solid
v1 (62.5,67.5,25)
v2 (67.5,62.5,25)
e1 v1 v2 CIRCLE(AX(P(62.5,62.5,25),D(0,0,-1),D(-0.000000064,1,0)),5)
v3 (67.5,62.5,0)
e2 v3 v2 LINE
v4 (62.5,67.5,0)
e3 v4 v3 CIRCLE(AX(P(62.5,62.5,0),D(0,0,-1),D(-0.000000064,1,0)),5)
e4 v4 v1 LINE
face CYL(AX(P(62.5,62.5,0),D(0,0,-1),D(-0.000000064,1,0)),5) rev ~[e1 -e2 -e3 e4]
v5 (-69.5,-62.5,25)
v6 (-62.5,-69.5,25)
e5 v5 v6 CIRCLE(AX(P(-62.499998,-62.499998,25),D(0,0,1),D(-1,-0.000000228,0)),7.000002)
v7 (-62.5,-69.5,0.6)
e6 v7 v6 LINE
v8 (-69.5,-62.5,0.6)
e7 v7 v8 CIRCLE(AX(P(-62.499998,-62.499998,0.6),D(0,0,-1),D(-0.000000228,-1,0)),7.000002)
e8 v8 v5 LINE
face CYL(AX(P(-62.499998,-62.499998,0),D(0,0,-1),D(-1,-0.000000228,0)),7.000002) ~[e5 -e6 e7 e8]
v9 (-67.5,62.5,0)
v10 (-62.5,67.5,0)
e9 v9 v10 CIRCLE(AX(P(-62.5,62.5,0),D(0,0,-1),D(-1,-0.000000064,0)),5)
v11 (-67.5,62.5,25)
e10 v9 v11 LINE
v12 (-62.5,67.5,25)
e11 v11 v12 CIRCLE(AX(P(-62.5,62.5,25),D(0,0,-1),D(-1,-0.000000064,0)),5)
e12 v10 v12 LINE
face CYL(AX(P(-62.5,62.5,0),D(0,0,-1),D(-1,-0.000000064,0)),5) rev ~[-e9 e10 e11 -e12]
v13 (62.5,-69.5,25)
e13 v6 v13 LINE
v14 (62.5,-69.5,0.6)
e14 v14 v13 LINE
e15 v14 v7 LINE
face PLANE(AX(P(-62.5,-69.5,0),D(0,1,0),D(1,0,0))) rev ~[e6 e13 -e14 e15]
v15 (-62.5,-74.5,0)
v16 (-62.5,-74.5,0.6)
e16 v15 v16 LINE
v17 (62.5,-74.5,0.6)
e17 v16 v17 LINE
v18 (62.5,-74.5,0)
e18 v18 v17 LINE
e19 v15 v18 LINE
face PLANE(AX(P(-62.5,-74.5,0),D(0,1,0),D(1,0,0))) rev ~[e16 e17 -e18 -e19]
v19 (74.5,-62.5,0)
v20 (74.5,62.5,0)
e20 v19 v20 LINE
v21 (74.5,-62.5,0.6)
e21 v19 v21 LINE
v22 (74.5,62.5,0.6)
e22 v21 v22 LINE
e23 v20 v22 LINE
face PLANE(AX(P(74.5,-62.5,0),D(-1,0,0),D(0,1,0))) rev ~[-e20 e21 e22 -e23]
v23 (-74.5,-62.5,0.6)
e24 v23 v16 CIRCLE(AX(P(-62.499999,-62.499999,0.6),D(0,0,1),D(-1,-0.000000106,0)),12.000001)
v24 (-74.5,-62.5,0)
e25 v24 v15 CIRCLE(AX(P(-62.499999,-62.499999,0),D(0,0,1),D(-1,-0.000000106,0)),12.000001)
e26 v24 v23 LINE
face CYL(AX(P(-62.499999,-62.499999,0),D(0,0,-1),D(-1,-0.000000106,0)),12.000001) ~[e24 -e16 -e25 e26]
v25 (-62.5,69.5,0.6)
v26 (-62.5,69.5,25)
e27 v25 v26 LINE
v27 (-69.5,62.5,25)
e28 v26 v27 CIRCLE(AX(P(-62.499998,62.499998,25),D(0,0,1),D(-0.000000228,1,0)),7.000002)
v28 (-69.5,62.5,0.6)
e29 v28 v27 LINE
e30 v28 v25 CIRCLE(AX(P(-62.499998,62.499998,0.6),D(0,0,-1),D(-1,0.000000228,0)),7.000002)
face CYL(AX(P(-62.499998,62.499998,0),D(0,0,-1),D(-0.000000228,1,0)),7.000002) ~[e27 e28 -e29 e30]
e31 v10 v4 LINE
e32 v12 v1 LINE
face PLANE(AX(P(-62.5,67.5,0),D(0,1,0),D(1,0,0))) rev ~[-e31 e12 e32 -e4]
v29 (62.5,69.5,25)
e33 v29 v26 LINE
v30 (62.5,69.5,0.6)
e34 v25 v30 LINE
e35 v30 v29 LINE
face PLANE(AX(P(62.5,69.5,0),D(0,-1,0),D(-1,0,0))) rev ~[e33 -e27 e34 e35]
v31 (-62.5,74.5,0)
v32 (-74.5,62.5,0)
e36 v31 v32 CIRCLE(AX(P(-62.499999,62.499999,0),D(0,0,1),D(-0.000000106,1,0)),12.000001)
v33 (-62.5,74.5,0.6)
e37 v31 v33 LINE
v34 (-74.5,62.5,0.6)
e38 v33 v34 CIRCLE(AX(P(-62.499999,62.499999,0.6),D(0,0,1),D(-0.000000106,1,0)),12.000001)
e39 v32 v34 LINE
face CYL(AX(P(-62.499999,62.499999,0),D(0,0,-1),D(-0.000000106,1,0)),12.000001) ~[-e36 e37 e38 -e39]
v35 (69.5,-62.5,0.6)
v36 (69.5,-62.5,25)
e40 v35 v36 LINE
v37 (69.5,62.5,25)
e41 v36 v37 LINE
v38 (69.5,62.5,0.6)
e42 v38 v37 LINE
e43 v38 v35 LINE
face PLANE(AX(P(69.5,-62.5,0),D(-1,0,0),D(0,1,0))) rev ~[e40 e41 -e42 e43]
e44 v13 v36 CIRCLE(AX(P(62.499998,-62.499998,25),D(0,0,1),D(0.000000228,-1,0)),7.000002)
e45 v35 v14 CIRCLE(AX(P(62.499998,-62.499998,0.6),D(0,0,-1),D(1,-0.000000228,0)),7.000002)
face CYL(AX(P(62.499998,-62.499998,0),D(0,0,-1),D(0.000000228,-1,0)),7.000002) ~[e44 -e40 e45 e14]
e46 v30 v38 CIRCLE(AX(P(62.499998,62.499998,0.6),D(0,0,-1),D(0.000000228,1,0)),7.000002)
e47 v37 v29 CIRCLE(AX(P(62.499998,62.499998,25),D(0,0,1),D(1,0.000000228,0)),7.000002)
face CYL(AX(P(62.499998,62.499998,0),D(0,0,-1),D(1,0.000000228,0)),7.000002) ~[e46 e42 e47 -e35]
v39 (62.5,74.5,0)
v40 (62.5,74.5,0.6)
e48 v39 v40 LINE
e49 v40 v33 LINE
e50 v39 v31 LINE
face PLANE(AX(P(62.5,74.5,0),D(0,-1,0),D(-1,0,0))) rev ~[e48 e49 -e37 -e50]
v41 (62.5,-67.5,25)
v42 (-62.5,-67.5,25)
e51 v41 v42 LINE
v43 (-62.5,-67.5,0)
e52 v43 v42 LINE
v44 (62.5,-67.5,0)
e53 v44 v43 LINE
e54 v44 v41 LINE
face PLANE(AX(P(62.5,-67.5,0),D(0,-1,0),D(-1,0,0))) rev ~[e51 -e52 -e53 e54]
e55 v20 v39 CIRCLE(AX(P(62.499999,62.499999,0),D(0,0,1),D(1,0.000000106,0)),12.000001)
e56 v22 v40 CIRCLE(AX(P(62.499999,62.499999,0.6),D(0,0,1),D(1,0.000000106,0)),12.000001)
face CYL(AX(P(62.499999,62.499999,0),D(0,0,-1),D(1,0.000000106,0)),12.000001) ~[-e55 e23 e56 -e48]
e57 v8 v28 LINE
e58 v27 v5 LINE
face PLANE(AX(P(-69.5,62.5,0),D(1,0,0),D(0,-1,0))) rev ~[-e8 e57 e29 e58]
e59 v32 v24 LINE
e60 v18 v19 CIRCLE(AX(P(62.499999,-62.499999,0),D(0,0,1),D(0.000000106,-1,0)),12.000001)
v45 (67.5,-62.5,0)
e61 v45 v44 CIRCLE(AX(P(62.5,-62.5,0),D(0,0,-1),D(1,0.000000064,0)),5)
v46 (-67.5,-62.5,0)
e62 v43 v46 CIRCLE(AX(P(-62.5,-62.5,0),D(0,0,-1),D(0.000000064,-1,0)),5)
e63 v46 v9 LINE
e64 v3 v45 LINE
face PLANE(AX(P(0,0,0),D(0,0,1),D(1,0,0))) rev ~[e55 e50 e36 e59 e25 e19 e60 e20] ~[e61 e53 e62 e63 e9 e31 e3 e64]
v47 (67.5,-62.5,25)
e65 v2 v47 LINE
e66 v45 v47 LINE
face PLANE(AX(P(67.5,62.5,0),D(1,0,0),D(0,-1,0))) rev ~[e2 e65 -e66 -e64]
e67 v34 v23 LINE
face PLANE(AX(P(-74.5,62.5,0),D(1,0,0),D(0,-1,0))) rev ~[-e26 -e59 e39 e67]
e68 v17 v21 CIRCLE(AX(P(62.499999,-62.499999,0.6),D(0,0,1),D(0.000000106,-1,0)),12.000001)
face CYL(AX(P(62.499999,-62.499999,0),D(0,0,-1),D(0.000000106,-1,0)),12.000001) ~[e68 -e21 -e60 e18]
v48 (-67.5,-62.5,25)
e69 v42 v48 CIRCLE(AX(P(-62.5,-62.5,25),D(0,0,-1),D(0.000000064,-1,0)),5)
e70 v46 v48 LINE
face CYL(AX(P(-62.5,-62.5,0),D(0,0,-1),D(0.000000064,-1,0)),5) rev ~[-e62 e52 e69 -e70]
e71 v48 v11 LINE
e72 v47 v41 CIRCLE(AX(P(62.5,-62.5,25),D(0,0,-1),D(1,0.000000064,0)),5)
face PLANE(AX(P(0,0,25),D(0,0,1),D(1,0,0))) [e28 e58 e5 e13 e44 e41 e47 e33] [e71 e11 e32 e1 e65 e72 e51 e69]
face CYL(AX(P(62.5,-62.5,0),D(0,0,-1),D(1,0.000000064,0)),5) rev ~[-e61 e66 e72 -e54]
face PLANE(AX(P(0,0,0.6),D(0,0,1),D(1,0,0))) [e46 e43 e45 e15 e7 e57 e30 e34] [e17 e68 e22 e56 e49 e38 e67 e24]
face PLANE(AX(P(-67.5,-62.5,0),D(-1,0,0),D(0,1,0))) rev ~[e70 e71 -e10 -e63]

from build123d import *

# Parameters (mm, degrees)
F1_DEPTH = 25
F2_DEPTH = 0.6


with BuildPart() as f1:
    # F0 (on Top) → F1 (new body)
    with BuildSketch(Plane.XY):
        with BuildLine():
            Line((69.5, -62.5), (69.5, 62.5))
            ThreePointArc((69.5, 62.5), (67.449747, 67.449747), (62.5, 69.5))
            Line((62.5, 69.5), (-62.5, 69.5))
            ThreePointArc((-62.5, 69.5), (-67.449747, 67.449747), (-69.5, 62.5))
            Line((-69.5, 62.5), (-69.5, -62.5))
            ThreePointArc((-69.5, -62.5), (-67.449747, -67.449747), (-62.5, -69.5))
            Line((-62.5, -69.5), (62.5, -69.5))
            ThreePointArc((62.5, -69.5), (67.449747, -67.449747), (69.5, -62.5))
        make_face()
        with BuildLine():
            Line((-62.5, 67.5), (62.5, 67.5))
            ThreePointArc((62.5, 67.5), (66.035534, 66.035534), (67.5, 62.5))
            Line((67.5, 62.5), (67.5, -62.5))
            ThreePointArc((67.5, -62.5), (66.035534, -66.035534), (62.5, -67.5))
            Line((62.5, -67.5), (-62.5, -67.5))
            ThreePointArc((-62.5, -67.5), (-66.035534, -66.035534), (-67.5, -62.5))
            Line((-67.5, -62.5), (-67.5, 62.5))
            ThreePointArc((-67.5, 62.5), (-66.035534, 66.035534), (-62.5, 67.5))
        make_face(mode=Mode.SUBTRACT)
    extrude(amount=F1_DEPTH)

    # F0 (on Top) → F2 (join)
    with BuildSketch(Plane.XY):
        with BuildLine():
            Line((74.5, -62.5), (74.5, 62.5))
            ThreePointArc((74.5, 62.5), (70.985281, 70.985281), (62.5, 74.5))
            Line((62.5, 74.5), (-62.5, 74.5))
            ThreePointArc((-62.5, 74.5), (-70.985281, 70.985281), (-74.5, 62.5))
            Line((-74.5, 62.5), (-74.5, -62.5))
            ThreePointArc((-74.5, -62.5), (-70.985281, -70.985281), (-62.5, -74.5))
            Line((-62.5, -74.5), (62.5, -74.5))
            ThreePointArc((62.5, -74.5), (70.985281, -70.985281), (74.5, -62.5))
        make_face()
        with BuildLine():
            ThreePointArc((62.5, 69.5), (67.449747, 67.449747), (69.5, 62.5))
            Line((69.5, 62.5), (69.5, -62.5))
            ThreePointArc((69.5, -62.5), (67.449747, -67.449747), (62.5, -69.5))
            Line((62.5, -69.5), (-62.5, -69.5))
            ThreePointArc((-62.5, -69.5), (-67.449747, -67.449747), (-69.5, -62.5))
            Line((-69.5, -62.5), (-69.5, 62.5))
            ThreePointArc((-69.5, 62.5), (-67.449747, 67.449747), (-62.5, 69.5))
            Line((-62.5, 69.5), (62.5, 69.5))
        make_face(mode=Mode.SUBTRACT)
    extrude(amount=F2_DEPTH)


solid = f1.part
